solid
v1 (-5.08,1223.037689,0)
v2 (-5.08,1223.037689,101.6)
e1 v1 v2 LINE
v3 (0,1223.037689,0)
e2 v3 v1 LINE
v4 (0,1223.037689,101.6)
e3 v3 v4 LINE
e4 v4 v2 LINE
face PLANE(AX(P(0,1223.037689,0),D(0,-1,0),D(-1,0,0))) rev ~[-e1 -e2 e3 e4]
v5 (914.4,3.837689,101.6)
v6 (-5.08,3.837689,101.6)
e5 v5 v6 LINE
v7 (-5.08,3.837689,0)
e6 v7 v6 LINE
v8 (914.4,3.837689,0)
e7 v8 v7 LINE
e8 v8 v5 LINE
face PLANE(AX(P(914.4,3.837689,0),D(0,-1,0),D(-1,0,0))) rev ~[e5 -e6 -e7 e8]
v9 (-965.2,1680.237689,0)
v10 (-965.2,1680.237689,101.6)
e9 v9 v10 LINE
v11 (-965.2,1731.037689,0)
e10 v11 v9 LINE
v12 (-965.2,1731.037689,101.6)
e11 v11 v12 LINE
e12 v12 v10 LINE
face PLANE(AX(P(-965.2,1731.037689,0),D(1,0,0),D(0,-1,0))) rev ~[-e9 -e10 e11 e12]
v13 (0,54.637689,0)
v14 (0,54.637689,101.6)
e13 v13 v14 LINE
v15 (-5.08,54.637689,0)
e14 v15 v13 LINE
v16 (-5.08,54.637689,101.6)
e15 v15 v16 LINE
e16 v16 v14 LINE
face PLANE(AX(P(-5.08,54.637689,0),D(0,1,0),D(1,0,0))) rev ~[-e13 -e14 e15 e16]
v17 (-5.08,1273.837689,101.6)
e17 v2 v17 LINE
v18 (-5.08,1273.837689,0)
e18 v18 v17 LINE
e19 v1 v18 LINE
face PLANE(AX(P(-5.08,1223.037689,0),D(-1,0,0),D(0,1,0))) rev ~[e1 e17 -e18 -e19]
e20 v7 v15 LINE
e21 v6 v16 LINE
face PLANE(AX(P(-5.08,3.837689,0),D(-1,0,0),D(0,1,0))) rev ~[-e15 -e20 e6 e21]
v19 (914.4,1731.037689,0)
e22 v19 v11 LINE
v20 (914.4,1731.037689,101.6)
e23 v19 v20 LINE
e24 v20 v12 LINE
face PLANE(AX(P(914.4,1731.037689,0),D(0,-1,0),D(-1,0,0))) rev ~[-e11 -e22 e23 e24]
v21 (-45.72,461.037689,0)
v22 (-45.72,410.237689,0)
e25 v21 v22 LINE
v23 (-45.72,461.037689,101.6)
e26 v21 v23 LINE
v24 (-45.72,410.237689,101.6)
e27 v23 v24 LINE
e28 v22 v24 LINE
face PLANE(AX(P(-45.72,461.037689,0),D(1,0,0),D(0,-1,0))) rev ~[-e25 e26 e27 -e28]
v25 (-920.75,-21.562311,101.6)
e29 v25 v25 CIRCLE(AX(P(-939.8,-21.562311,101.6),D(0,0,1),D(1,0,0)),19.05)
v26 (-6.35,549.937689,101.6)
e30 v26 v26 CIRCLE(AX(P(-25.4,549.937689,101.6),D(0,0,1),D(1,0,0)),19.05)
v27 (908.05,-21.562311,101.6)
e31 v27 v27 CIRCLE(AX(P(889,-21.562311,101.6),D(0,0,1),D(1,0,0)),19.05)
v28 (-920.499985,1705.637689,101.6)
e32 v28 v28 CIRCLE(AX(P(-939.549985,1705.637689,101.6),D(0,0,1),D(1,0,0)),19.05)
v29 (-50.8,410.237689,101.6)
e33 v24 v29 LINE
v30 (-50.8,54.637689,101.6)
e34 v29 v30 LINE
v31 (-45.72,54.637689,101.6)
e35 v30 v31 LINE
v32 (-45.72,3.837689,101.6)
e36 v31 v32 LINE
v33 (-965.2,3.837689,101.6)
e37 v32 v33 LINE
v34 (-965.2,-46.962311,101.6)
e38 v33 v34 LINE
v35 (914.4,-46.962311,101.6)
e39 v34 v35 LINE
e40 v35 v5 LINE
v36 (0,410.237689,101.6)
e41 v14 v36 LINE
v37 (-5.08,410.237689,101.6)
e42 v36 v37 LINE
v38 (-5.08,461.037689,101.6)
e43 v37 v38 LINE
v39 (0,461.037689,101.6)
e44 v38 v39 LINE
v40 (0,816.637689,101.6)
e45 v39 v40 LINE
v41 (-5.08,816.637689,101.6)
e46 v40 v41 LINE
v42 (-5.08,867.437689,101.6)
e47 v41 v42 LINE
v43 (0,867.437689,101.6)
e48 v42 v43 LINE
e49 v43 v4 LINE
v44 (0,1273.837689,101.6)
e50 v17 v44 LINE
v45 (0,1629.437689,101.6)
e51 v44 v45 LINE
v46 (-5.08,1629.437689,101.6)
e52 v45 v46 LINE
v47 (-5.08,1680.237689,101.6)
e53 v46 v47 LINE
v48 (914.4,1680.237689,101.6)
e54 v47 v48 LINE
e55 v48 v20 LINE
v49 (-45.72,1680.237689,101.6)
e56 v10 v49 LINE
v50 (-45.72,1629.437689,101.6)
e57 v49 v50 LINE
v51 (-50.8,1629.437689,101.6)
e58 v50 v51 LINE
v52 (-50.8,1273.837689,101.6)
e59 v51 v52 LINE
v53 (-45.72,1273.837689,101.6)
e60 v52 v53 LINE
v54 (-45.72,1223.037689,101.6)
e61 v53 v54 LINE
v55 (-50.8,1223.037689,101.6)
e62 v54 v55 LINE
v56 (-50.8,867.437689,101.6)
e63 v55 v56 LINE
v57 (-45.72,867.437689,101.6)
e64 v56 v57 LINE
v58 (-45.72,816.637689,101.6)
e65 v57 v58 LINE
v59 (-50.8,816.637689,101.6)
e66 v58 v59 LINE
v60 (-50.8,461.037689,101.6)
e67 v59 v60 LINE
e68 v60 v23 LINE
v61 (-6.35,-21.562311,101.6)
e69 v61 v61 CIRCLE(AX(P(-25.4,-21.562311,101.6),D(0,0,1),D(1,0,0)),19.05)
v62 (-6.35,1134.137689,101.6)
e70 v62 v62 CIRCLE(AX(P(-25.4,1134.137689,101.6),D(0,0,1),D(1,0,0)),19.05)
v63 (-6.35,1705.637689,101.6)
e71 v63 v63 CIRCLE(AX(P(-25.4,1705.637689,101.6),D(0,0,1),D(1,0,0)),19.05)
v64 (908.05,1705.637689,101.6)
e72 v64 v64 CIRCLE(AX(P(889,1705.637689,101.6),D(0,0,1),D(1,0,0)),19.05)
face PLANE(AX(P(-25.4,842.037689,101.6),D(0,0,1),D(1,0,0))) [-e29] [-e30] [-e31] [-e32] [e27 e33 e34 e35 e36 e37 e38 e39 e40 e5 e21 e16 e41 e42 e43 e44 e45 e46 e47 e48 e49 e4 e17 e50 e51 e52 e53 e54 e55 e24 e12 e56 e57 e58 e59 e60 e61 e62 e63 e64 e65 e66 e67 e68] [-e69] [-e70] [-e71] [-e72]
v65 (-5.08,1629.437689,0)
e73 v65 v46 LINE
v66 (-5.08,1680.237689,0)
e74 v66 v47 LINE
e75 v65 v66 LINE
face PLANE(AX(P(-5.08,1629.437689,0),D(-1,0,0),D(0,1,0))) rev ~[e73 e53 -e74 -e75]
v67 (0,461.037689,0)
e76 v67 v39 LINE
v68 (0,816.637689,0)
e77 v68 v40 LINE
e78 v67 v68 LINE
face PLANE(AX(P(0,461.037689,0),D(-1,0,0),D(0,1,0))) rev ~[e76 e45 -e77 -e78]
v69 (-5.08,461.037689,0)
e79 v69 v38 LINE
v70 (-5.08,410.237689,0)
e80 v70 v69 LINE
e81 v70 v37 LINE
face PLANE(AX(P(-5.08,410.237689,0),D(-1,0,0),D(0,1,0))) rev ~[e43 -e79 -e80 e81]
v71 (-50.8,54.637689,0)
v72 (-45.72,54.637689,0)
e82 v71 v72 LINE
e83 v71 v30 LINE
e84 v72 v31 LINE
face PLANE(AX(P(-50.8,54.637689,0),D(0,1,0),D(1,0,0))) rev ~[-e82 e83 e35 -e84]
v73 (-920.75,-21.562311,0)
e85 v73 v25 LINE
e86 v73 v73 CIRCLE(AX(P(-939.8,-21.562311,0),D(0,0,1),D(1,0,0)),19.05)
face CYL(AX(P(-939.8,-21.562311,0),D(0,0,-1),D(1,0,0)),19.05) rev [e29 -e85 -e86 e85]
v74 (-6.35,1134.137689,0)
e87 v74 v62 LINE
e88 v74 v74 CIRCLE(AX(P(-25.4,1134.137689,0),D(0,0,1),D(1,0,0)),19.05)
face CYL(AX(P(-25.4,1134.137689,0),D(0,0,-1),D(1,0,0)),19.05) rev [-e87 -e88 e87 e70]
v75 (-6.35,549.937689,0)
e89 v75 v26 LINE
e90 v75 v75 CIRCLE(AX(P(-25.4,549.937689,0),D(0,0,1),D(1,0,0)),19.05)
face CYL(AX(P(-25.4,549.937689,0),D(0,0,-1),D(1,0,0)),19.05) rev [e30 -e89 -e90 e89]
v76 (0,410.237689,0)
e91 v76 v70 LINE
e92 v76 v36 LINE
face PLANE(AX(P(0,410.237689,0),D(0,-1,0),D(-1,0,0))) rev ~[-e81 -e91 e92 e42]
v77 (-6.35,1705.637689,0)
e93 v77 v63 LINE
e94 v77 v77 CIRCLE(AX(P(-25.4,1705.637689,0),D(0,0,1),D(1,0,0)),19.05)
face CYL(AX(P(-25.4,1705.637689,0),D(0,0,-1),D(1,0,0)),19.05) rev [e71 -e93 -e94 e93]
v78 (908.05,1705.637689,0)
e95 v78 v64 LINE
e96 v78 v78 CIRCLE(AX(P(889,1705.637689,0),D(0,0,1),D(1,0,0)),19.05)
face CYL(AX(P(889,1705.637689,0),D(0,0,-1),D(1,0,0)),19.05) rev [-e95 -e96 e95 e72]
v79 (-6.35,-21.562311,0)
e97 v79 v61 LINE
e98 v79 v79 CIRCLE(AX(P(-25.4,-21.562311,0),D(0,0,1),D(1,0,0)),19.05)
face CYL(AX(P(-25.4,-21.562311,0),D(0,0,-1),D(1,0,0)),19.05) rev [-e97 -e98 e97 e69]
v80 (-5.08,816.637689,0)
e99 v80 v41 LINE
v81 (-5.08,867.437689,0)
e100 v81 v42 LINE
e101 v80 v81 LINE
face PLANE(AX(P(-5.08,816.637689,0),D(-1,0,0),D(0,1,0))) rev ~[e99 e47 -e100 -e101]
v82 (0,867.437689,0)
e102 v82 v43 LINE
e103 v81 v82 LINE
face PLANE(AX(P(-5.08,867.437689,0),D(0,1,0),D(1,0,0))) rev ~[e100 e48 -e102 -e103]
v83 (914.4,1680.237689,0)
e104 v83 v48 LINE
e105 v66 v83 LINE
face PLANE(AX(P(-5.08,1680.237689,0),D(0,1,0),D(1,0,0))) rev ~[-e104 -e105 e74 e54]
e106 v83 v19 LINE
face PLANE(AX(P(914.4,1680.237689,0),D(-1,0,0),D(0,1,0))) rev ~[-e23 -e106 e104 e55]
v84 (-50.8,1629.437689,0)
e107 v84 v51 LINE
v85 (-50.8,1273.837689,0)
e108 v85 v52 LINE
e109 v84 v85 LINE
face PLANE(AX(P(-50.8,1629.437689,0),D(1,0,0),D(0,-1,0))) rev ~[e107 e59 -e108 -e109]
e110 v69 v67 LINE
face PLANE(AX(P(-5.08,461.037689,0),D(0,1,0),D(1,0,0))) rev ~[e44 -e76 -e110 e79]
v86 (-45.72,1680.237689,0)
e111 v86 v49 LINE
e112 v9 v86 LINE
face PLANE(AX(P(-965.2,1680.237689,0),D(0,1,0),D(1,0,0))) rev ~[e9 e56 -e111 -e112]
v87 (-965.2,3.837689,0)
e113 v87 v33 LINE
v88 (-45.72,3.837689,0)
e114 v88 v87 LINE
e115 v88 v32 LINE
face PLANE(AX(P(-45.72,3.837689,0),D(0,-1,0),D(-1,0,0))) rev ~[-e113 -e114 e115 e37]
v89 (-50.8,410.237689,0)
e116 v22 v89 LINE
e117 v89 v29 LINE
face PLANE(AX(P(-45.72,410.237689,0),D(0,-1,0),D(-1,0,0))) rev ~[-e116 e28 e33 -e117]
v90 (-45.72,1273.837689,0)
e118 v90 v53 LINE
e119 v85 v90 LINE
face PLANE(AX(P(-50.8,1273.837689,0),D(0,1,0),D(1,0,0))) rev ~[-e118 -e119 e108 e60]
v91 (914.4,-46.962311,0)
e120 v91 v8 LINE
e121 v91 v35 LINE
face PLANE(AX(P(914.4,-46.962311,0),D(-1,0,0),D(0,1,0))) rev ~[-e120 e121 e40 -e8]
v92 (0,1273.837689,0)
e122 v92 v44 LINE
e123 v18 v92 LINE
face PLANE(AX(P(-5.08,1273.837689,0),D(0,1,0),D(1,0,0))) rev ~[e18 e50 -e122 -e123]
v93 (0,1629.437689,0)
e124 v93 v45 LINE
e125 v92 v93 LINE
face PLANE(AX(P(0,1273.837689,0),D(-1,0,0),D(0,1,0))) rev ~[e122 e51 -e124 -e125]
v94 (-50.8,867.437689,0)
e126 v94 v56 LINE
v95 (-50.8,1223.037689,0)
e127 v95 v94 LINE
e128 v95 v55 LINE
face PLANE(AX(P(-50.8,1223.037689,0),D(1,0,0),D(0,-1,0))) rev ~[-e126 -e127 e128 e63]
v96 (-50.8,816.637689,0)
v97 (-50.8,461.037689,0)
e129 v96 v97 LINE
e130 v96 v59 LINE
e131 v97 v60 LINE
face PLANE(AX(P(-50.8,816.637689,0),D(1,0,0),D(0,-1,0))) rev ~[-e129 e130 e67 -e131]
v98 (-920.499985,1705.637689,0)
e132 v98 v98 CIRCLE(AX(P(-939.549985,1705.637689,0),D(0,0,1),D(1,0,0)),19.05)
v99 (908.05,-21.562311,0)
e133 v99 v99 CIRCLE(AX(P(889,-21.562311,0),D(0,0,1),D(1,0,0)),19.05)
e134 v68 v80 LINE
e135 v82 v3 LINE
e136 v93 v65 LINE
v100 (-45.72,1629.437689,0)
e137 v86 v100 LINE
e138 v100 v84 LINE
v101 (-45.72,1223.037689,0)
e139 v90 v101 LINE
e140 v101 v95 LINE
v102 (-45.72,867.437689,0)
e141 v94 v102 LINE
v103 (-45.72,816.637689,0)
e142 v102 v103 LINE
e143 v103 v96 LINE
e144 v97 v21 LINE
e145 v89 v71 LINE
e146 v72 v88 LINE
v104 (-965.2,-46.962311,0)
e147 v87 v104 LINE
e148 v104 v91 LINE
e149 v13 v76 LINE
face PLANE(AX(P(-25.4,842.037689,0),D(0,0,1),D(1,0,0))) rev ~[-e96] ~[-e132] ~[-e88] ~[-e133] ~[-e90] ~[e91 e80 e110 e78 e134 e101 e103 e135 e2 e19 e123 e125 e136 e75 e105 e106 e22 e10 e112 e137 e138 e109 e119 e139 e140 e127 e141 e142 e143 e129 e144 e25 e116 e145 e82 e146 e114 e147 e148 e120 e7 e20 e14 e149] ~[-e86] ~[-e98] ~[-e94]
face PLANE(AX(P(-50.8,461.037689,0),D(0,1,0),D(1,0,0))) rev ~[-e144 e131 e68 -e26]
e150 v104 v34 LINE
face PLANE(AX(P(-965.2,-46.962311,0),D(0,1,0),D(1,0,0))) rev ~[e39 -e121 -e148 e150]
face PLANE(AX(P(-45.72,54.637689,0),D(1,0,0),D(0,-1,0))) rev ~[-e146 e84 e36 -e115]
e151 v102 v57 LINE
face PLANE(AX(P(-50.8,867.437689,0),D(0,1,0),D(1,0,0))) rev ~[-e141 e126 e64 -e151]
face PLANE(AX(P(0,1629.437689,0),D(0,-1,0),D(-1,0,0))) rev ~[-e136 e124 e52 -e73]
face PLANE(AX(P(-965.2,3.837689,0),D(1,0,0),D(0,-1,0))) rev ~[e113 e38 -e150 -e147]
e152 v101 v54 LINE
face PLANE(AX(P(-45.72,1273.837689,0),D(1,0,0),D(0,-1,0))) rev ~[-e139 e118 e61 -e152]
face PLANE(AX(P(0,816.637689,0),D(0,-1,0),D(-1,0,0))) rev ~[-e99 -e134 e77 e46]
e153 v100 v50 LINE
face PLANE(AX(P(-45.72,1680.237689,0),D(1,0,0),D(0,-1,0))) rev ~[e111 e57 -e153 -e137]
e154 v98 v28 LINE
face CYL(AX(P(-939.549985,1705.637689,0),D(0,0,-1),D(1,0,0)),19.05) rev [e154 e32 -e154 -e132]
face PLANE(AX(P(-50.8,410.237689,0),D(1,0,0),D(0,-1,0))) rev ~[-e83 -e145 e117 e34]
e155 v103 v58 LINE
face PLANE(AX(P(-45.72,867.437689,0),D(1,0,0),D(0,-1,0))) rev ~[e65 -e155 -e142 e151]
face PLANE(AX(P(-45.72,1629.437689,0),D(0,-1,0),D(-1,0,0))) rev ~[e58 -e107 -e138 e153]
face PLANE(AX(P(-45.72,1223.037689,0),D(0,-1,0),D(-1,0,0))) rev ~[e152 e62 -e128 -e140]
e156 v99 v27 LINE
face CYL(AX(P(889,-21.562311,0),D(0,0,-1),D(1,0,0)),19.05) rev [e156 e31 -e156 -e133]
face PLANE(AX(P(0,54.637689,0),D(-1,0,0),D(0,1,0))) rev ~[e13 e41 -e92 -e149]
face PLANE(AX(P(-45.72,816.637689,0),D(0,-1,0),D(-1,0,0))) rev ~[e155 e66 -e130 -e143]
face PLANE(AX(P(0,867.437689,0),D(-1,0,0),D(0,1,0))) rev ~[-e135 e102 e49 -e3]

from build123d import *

# Parameters (mm, degrees)
F0_R     = 19.05
F0_W     = 2.54
F0_H     = 6.35
F1_DEPTH = 101.6


with BuildPart() as f1:
    # F0 (on Top) → F1 (new body)
    with BuildSketch(Plane.XY):
        Polygon((-965.2, 1680.237689), (-50.8, 1680.237689), (-48.26, 1680.237689), (-48.26, 1686.587689), (-45.72, 1686.587689), (-45.72, 1680.237689), (-45.72, 1629.437689), (-45.72, 1623.087689), (-48.26, 1623.087689), (-48.26, 1629.437689), (-50.8, 1629.437689), (-50.8, 1273.837689), (-48.26, 1273.837689), (-48.26, 1280.187689), (-45.72, 1280.187689), (-45.72, 1273.837689), (-45.72, 1223.037689), (-45.72, 1216.687689), (-48.26, 1216.687689), (-48.26, 1223.037689), (-50.8, 1223.037689), (-50.8, 1134.137689), (-50.8, 867.437689), (-48.26, 867.437689), (-48.26, 873.787689), (-45.72, 873.787689), (-45.72, 867.437689), (-45.72, 816.637689), (-45.72, 810.287689), (-48.26, 810.287689), (-48.26, 816.637689), (-50.8, 816.637689), (-50.8, 549.937689), (-50.8, 461.037689), (-48.26, 461.037689), (-48.26, 467.387689), (-45.72, 467.387689), (-45.72, 461.037689), (-45.72, 410.237689), (-45.72, 403.887689), (-48.26, 403.887689), (-48.26, 410.237689), (-50.8, 410.237689), (-50.8, 54.637689), (-48.26, 54.637689), (-48.26, 60.987689), (-45.72, 60.987689), (-45.72, 54.637689), (-45.72, 3.837689), (-45.72, -2.512311), (-48.26, -2.512311), (-48.26, 3.837689), (-50.8, 3.837689), (-939.8, 3.837689), (-965.2, 3.837689), (-965.2, -46.962311), (-50.8, -46.962311), (0, -46.962311), (914.4, -46.962311), (914.4, 3.837689), (0, 3.837689), (-2.54, 3.837689), (-2.54, -2.512311), (-5.08, -2.512311), (-5.08, 3.837689), (-5.08, 54.637689), (-5.08, 60.987689), (-2.54, 60.987689), (-2.54, 54.637689), (0, 54.637689), (0, 410.237689), (-2.54, 410.237689), (-2.54, 403.887689), (-5.08, 403.887689), (-5.08, 410.237689), (-5.08, 461.037689), (-5.08, 467.387689), (-2.54, 467.387689), (-2.54, 461.037689), (0, 461.037689), (0, 816.637689), (-2.54, 816.637689), (-2.54, 810.287689), (-5.08, 810.287689), (-5.08, 816.637689), (-5.08, 867.437689), (-5.08, 873.787689), (-2.54, 873.787689), (-2.54, 867.437689), (0, 867.437689), (0, 1223.037689), (-2.54, 1223.037689), (-2.54, 1216.687689), (-5.08, 1216.687689), (-5.08, 1223.037689), (-5.08, 1273.837689), (-5.08, 1280.187689), (-2.54, 1280.187689), (-2.54, 1273.837689), (0, 1273.837689), (0, 1629.437689), (-2.54, 1629.437689), (-2.54, 1623.087689), (-5.08, 1623.087689), (-5.08, 1629.437689), (-5.08, 1680.237689), (-5.08, 1686.587689), (-2.54, 1686.587689), (-2.54, 1680.237689), (0, 1680.237689), (914.4, 1680.237689), (914.4, 1731.037689), (0, 1731.037689), (-25.4, 1731.037689), (-50.8, 1731.037689), (-965.2, 1731.037689), align=None)
        with Locations((-939.8, -21.562311)):
            Circle(F0_R, mode=Mode.SUBTRACT)
        with Locations((-25.4, -21.562311)):
            Circle(F0_R, mode=Mode.SUBTRACT)
        with Locations((889, -21.562311)):
            Circle(F0_R, mode=Mode.SUBTRACT)
        with Locations((-25.4, 549.937689)):
            Circle(F0_R, mode=Mode.SUBTRACT)
        with Locations((-939.549985, 1705.637689)):
            Circle(F0_R, mode=Mode.SUBTRACT)
        with Locations((-25.4, 1134.137689)):
            Circle(F0_R, mode=Mode.SUBTRACT)
        with Locations((-25.4, 1705.637689)):
            Circle(F0_R, mode=Mode.SUBTRACT)
        with Locations((889, 1705.637689)):
            Circle(F0_R, mode=Mode.SUBTRACT)
        with Locations((-46.99, 0.662689)):
            Rectangle(F0_W, F0_H)
        with Locations((-3.81, 0.662689)):
            Rectangle(F0_W, F0_H)
        with Locations((-3.81, 57.812689)):
            Rectangle(F0_W, F0_H)
        with Locations((-46.99, 57.812689)):
            Rectangle(F0_W, F0_H)
        with Locations((-46.99, 464.212689)):
            Rectangle(F0_W, F0_H)
        with Locations((-46.99, 407.062689)):
            Rectangle(F0_W, F0_H)
        with Locations((-3.81, 407.062689)):
            Rectangle(F0_W, F0_H)
        with Locations((-3.81, 464.212689)):
            Rectangle(F0_W, F0_H)
        with Locations((-46.99, 870.612689)):
            Rectangle(F0_W, F0_H)
        with Locations((-3.81, 870.612689)):
            Rectangle(F0_W, F0_H)
        with Locations((-3.81, 813.462689)):
            Rectangle(F0_W, F0_H)
        with Locations((-46.99, 813.462689)):
            Rectangle(F0_W, F0_H)
        with Locations((-46.99, 1277.012689)):
            Rectangle(F0_W, F0_H)
        with Locations((-3.81, 1277.012689)):
            Rectangle(F0_W, F0_H)
        with Locations((-3.81, 1219.862689)):
            Rectangle(F0_W, F0_H)
        with Locations((-46.99, 1219.862689)):
            Rectangle(F0_W, F0_H)
        with Locations((-46.99, 1683.412689)):
            Rectangle(F0_W, F0_H)
        with Locations((-3.81, 1683.412689)):
            Rectangle(F0_W, F0_H)
        with Locations((-3.81, 1626.262689)):
            Rectangle(F0_W, F0_H)
        with Locations((-46.99, 1626.262689)):
            Rectangle(F0_W, F0_H)
    extrude(amount=F1_DEPTH)


solid = f1.part
